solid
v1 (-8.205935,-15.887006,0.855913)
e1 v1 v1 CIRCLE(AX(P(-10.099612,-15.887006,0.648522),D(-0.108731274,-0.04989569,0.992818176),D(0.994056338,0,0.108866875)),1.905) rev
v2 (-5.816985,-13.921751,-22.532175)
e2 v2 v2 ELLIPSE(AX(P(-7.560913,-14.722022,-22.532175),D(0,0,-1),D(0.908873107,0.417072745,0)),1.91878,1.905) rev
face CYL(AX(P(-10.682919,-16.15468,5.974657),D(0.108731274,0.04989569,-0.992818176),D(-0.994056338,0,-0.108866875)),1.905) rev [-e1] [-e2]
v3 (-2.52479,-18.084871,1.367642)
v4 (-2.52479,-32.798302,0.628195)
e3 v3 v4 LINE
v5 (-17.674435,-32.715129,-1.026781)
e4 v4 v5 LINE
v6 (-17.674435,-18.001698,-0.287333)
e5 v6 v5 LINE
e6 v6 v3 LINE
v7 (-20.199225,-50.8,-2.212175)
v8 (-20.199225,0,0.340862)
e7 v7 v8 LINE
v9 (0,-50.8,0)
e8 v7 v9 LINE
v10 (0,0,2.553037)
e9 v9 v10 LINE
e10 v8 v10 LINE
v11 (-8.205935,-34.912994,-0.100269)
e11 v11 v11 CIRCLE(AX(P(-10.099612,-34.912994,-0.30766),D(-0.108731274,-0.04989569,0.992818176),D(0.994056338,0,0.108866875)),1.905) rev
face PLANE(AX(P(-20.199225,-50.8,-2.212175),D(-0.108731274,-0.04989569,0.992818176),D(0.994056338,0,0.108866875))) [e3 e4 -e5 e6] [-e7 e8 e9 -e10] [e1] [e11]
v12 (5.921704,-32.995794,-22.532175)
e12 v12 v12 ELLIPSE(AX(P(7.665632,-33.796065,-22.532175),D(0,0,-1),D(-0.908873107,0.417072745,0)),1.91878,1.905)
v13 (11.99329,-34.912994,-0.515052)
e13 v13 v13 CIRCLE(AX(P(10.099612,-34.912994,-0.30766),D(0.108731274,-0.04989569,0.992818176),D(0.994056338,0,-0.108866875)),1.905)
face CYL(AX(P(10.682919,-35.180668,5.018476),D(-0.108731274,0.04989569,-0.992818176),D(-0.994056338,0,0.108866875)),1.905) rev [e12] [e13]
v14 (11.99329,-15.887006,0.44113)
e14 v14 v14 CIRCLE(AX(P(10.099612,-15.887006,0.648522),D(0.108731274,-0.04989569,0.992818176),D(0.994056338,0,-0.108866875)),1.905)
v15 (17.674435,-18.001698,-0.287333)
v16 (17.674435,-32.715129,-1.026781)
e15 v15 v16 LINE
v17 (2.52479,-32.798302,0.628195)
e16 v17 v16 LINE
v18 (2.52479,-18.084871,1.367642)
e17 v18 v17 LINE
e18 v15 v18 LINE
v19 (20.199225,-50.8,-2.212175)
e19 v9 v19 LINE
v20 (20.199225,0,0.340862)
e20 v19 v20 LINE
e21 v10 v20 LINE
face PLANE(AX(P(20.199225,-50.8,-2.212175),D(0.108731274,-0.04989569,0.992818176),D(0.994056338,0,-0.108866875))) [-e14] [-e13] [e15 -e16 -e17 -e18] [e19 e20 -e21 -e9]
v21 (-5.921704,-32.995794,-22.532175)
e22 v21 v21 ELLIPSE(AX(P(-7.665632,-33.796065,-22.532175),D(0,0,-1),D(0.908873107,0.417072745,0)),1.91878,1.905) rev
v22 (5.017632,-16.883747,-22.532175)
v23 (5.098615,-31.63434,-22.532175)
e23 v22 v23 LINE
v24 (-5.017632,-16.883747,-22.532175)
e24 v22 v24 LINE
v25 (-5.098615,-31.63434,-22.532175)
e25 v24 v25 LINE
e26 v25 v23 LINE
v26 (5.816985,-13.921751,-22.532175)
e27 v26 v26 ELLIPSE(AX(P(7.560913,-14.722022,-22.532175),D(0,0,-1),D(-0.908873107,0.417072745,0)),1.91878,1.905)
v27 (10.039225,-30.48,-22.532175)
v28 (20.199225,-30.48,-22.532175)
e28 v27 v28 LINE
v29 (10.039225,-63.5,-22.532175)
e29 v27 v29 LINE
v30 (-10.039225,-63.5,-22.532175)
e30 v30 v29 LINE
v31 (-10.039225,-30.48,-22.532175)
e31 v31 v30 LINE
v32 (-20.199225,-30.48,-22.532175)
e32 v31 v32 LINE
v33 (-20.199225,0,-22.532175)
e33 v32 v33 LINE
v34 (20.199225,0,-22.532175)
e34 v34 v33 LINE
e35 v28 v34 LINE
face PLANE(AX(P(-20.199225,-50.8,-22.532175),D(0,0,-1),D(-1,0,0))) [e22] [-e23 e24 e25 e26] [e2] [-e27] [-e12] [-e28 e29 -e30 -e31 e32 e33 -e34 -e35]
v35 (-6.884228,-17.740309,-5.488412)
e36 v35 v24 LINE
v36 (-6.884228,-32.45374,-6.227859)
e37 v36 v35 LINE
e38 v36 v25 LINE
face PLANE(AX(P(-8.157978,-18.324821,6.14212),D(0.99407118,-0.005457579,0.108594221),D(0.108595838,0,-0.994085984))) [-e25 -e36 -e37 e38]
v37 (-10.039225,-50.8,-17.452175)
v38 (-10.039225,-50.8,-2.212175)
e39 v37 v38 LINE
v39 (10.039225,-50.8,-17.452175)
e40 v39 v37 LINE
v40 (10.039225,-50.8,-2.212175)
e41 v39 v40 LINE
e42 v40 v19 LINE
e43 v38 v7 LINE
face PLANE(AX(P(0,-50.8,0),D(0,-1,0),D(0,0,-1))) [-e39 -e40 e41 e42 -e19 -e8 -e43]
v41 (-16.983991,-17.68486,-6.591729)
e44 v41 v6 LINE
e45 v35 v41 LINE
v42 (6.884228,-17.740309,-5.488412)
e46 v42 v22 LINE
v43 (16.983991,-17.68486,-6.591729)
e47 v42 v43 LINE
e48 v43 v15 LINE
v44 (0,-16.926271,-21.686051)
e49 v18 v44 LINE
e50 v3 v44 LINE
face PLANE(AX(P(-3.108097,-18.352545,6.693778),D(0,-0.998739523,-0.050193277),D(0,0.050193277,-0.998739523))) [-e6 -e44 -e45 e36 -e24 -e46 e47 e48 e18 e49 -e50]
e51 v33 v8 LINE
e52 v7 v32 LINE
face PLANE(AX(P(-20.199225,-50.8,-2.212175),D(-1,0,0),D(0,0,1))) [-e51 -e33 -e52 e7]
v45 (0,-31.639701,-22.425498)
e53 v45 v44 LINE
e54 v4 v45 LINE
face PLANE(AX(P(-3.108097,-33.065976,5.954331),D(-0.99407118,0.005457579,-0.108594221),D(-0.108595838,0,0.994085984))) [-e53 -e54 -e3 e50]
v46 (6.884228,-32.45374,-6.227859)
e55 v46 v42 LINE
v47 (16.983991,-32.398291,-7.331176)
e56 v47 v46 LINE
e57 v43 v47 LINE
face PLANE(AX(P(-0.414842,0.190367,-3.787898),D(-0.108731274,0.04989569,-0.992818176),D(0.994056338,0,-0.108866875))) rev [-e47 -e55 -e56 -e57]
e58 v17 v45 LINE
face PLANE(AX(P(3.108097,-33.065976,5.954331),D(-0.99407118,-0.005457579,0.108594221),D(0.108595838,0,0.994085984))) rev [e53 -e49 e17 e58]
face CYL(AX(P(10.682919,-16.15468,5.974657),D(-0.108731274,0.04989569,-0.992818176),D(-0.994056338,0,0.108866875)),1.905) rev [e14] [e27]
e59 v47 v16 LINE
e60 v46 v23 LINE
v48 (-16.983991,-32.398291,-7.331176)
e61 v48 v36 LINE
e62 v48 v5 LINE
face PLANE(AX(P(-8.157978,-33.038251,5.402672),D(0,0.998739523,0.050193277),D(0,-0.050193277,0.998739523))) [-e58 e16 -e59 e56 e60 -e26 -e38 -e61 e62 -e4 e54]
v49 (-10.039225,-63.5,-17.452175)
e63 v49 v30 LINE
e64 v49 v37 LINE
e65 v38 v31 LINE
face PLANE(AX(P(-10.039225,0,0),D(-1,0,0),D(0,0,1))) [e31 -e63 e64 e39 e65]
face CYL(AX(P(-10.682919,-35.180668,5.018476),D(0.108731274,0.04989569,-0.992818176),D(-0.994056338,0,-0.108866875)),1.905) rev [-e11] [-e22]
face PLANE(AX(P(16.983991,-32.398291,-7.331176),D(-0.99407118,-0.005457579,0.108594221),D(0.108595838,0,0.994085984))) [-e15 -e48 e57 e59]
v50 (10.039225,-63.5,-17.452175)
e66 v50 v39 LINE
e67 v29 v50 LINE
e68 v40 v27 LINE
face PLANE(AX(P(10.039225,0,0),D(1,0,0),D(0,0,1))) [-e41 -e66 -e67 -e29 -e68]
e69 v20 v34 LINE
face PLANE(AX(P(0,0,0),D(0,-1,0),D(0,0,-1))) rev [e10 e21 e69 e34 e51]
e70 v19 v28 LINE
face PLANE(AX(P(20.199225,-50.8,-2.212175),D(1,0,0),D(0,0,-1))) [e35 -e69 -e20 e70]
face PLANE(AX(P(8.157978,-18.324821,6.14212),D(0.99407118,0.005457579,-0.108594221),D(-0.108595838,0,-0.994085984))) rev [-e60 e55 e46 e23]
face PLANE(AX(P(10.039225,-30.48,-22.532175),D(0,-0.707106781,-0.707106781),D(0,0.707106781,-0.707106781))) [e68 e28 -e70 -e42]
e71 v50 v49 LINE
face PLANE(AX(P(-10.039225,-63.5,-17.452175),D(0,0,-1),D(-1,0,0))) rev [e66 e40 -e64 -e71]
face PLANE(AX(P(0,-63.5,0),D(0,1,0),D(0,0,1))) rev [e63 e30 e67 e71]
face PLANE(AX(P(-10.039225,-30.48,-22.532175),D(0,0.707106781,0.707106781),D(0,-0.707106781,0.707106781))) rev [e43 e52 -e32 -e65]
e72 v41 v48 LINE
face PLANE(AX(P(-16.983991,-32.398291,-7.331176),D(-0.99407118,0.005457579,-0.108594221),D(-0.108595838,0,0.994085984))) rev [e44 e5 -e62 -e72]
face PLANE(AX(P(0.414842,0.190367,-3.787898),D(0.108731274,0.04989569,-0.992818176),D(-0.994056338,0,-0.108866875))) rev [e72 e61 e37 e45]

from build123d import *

# Parameters (mm, degrees)
BOSS_EXTRUDE1_DEPTH = 50.8
DRAFT1_ANGLE        = 2.86
CUT_EXTRUDE1_DEPTH  = 10.16
SKETCH3_W           = 20.078449586
SKETCH3_H           = 5.08
BOSS_EXTRUDE2_DEPTH = 12.7
CUT_EXTRUDE2_START  = -28.101341283
SKETCH4_R           = 1.905
SKETCH4_W           = 5.08
SKETCH4_H           = 14.732
CUT_EXTRUDE2_DEPTH  = 34.466005054
SKETCH5_W           = 15.24
SKETCH5_H           = 14.732
CUT_EXTRUDE3_DEPTH  = 6.35


with BuildPart() as part:
    # Sketch1 → Boss-Extrude1 (new body)
    with BuildSketch(Plane(origin=(0, 0, 0), x_dir=(1, 0, 0), z_dir=(0, 1, 0))):
        Polygon((-20.199224793, 2.212174897), (0, 0), (20.199224793, 2.212174897), (20.199224793, 22.532174897), (-20.199224793, 22.532174897), align=None)
    extrude(amount=-BOSS_EXTRUDE1_DEPTH)

    # Draft1
    draft1_faces = [part.faces().sort_by_distance(p)[0] for p in [
        (10.099612396, -25.4, -1.106087448),
        (-10.099612396, -25.4, -1.106087448),
    ]]
    draft(draft1_faces, Plane(origin=(0, -50.8, 0), x_dir=(0, 0, -1), z_dir=(0, -1, 0)), DRAFT1_ANGLE)

    # Sketch2 → Cut-Extrude1 (cut)
    with BuildSketch(Plane.ZY.offset(20.199224793)):
        Polygon((-22.532174897, -30.48), (-2.212174897, -50.8), (-22.532174897, -50.8), align=None)
    cut_extrude1 = extrude(amount=-CUT_EXTRUDE1_DEPTH, mode=Mode.SUBTRACT)

    # Mirror1: Cut-Extrude1 across plane
    add(cut_extrude1.mirror(Plane.ZY), mode=Mode.SUBTRACT)

    # Sketch3 → Boss-Extrude2 (add)
    with BuildSketch(Plane.XZ.offset(50.8)):
        with Locations((0, -19.992174897)):
            Rectangle(SKETCH3_W, SKETCH3_H)
    extrude(amount=BOSS_EXTRUDE2_DEPTH)

    # Sketch4 → Cut-Extrude2 (cut)
    with BuildSketch(Plane(origin=(-0.275601276, -0.126470659, 2.516497283), x_dir=(0.99407118, -0.005457579, 0.108594221), z_dir=(-0.108731274, -0.04989569, 0.992818176)).offset(CUT_EXTRUDE2_START)):
        with Locations((-9.882603301, -15.834429405)):
            Circle(SKETCH4_R)
        with Locations((-9.882603301, -34.884429405)):
            Circle(SKETCH4_R)
        with Locations((-4.802603301, -25.359429405)):
            Rectangle(SKETCH4_W, SKETCH4_H)
    cut_extrude2 = extrude(amount=CUT_EXTRUDE2_DEPTH, mode=Mode.SUBTRACT)

    # Sketch5 → Cut-Extrude3 (cut)
    with BuildSketch(Plane(origin=(-0.275601276, -0.126470659, 2.516497283), x_dir=(0.99407118, -0.005457579, 0.108594221), z_dir=(-0.108731274, -0.04989569, 0.992818176))):
        with Locations((-9.882603301, -25.359429405)):
            Rectangle(SKETCH5_W, SKETCH5_H)
    cut_extrude3 = extrude(amount=-CUT_EXTRUDE3_DEPTH, mode=Mode.SUBTRACT)

    # Mirror2: Cut-Extrude2, Cut-Extrude3 across plane
    add(cut_extrude2.mirror(Plane.ZY), mode=Mode.SUBTRACT)
    add(cut_extrude3.mirror(Plane.ZY), mode=Mode.SUBTRACT)


solid = part.part
